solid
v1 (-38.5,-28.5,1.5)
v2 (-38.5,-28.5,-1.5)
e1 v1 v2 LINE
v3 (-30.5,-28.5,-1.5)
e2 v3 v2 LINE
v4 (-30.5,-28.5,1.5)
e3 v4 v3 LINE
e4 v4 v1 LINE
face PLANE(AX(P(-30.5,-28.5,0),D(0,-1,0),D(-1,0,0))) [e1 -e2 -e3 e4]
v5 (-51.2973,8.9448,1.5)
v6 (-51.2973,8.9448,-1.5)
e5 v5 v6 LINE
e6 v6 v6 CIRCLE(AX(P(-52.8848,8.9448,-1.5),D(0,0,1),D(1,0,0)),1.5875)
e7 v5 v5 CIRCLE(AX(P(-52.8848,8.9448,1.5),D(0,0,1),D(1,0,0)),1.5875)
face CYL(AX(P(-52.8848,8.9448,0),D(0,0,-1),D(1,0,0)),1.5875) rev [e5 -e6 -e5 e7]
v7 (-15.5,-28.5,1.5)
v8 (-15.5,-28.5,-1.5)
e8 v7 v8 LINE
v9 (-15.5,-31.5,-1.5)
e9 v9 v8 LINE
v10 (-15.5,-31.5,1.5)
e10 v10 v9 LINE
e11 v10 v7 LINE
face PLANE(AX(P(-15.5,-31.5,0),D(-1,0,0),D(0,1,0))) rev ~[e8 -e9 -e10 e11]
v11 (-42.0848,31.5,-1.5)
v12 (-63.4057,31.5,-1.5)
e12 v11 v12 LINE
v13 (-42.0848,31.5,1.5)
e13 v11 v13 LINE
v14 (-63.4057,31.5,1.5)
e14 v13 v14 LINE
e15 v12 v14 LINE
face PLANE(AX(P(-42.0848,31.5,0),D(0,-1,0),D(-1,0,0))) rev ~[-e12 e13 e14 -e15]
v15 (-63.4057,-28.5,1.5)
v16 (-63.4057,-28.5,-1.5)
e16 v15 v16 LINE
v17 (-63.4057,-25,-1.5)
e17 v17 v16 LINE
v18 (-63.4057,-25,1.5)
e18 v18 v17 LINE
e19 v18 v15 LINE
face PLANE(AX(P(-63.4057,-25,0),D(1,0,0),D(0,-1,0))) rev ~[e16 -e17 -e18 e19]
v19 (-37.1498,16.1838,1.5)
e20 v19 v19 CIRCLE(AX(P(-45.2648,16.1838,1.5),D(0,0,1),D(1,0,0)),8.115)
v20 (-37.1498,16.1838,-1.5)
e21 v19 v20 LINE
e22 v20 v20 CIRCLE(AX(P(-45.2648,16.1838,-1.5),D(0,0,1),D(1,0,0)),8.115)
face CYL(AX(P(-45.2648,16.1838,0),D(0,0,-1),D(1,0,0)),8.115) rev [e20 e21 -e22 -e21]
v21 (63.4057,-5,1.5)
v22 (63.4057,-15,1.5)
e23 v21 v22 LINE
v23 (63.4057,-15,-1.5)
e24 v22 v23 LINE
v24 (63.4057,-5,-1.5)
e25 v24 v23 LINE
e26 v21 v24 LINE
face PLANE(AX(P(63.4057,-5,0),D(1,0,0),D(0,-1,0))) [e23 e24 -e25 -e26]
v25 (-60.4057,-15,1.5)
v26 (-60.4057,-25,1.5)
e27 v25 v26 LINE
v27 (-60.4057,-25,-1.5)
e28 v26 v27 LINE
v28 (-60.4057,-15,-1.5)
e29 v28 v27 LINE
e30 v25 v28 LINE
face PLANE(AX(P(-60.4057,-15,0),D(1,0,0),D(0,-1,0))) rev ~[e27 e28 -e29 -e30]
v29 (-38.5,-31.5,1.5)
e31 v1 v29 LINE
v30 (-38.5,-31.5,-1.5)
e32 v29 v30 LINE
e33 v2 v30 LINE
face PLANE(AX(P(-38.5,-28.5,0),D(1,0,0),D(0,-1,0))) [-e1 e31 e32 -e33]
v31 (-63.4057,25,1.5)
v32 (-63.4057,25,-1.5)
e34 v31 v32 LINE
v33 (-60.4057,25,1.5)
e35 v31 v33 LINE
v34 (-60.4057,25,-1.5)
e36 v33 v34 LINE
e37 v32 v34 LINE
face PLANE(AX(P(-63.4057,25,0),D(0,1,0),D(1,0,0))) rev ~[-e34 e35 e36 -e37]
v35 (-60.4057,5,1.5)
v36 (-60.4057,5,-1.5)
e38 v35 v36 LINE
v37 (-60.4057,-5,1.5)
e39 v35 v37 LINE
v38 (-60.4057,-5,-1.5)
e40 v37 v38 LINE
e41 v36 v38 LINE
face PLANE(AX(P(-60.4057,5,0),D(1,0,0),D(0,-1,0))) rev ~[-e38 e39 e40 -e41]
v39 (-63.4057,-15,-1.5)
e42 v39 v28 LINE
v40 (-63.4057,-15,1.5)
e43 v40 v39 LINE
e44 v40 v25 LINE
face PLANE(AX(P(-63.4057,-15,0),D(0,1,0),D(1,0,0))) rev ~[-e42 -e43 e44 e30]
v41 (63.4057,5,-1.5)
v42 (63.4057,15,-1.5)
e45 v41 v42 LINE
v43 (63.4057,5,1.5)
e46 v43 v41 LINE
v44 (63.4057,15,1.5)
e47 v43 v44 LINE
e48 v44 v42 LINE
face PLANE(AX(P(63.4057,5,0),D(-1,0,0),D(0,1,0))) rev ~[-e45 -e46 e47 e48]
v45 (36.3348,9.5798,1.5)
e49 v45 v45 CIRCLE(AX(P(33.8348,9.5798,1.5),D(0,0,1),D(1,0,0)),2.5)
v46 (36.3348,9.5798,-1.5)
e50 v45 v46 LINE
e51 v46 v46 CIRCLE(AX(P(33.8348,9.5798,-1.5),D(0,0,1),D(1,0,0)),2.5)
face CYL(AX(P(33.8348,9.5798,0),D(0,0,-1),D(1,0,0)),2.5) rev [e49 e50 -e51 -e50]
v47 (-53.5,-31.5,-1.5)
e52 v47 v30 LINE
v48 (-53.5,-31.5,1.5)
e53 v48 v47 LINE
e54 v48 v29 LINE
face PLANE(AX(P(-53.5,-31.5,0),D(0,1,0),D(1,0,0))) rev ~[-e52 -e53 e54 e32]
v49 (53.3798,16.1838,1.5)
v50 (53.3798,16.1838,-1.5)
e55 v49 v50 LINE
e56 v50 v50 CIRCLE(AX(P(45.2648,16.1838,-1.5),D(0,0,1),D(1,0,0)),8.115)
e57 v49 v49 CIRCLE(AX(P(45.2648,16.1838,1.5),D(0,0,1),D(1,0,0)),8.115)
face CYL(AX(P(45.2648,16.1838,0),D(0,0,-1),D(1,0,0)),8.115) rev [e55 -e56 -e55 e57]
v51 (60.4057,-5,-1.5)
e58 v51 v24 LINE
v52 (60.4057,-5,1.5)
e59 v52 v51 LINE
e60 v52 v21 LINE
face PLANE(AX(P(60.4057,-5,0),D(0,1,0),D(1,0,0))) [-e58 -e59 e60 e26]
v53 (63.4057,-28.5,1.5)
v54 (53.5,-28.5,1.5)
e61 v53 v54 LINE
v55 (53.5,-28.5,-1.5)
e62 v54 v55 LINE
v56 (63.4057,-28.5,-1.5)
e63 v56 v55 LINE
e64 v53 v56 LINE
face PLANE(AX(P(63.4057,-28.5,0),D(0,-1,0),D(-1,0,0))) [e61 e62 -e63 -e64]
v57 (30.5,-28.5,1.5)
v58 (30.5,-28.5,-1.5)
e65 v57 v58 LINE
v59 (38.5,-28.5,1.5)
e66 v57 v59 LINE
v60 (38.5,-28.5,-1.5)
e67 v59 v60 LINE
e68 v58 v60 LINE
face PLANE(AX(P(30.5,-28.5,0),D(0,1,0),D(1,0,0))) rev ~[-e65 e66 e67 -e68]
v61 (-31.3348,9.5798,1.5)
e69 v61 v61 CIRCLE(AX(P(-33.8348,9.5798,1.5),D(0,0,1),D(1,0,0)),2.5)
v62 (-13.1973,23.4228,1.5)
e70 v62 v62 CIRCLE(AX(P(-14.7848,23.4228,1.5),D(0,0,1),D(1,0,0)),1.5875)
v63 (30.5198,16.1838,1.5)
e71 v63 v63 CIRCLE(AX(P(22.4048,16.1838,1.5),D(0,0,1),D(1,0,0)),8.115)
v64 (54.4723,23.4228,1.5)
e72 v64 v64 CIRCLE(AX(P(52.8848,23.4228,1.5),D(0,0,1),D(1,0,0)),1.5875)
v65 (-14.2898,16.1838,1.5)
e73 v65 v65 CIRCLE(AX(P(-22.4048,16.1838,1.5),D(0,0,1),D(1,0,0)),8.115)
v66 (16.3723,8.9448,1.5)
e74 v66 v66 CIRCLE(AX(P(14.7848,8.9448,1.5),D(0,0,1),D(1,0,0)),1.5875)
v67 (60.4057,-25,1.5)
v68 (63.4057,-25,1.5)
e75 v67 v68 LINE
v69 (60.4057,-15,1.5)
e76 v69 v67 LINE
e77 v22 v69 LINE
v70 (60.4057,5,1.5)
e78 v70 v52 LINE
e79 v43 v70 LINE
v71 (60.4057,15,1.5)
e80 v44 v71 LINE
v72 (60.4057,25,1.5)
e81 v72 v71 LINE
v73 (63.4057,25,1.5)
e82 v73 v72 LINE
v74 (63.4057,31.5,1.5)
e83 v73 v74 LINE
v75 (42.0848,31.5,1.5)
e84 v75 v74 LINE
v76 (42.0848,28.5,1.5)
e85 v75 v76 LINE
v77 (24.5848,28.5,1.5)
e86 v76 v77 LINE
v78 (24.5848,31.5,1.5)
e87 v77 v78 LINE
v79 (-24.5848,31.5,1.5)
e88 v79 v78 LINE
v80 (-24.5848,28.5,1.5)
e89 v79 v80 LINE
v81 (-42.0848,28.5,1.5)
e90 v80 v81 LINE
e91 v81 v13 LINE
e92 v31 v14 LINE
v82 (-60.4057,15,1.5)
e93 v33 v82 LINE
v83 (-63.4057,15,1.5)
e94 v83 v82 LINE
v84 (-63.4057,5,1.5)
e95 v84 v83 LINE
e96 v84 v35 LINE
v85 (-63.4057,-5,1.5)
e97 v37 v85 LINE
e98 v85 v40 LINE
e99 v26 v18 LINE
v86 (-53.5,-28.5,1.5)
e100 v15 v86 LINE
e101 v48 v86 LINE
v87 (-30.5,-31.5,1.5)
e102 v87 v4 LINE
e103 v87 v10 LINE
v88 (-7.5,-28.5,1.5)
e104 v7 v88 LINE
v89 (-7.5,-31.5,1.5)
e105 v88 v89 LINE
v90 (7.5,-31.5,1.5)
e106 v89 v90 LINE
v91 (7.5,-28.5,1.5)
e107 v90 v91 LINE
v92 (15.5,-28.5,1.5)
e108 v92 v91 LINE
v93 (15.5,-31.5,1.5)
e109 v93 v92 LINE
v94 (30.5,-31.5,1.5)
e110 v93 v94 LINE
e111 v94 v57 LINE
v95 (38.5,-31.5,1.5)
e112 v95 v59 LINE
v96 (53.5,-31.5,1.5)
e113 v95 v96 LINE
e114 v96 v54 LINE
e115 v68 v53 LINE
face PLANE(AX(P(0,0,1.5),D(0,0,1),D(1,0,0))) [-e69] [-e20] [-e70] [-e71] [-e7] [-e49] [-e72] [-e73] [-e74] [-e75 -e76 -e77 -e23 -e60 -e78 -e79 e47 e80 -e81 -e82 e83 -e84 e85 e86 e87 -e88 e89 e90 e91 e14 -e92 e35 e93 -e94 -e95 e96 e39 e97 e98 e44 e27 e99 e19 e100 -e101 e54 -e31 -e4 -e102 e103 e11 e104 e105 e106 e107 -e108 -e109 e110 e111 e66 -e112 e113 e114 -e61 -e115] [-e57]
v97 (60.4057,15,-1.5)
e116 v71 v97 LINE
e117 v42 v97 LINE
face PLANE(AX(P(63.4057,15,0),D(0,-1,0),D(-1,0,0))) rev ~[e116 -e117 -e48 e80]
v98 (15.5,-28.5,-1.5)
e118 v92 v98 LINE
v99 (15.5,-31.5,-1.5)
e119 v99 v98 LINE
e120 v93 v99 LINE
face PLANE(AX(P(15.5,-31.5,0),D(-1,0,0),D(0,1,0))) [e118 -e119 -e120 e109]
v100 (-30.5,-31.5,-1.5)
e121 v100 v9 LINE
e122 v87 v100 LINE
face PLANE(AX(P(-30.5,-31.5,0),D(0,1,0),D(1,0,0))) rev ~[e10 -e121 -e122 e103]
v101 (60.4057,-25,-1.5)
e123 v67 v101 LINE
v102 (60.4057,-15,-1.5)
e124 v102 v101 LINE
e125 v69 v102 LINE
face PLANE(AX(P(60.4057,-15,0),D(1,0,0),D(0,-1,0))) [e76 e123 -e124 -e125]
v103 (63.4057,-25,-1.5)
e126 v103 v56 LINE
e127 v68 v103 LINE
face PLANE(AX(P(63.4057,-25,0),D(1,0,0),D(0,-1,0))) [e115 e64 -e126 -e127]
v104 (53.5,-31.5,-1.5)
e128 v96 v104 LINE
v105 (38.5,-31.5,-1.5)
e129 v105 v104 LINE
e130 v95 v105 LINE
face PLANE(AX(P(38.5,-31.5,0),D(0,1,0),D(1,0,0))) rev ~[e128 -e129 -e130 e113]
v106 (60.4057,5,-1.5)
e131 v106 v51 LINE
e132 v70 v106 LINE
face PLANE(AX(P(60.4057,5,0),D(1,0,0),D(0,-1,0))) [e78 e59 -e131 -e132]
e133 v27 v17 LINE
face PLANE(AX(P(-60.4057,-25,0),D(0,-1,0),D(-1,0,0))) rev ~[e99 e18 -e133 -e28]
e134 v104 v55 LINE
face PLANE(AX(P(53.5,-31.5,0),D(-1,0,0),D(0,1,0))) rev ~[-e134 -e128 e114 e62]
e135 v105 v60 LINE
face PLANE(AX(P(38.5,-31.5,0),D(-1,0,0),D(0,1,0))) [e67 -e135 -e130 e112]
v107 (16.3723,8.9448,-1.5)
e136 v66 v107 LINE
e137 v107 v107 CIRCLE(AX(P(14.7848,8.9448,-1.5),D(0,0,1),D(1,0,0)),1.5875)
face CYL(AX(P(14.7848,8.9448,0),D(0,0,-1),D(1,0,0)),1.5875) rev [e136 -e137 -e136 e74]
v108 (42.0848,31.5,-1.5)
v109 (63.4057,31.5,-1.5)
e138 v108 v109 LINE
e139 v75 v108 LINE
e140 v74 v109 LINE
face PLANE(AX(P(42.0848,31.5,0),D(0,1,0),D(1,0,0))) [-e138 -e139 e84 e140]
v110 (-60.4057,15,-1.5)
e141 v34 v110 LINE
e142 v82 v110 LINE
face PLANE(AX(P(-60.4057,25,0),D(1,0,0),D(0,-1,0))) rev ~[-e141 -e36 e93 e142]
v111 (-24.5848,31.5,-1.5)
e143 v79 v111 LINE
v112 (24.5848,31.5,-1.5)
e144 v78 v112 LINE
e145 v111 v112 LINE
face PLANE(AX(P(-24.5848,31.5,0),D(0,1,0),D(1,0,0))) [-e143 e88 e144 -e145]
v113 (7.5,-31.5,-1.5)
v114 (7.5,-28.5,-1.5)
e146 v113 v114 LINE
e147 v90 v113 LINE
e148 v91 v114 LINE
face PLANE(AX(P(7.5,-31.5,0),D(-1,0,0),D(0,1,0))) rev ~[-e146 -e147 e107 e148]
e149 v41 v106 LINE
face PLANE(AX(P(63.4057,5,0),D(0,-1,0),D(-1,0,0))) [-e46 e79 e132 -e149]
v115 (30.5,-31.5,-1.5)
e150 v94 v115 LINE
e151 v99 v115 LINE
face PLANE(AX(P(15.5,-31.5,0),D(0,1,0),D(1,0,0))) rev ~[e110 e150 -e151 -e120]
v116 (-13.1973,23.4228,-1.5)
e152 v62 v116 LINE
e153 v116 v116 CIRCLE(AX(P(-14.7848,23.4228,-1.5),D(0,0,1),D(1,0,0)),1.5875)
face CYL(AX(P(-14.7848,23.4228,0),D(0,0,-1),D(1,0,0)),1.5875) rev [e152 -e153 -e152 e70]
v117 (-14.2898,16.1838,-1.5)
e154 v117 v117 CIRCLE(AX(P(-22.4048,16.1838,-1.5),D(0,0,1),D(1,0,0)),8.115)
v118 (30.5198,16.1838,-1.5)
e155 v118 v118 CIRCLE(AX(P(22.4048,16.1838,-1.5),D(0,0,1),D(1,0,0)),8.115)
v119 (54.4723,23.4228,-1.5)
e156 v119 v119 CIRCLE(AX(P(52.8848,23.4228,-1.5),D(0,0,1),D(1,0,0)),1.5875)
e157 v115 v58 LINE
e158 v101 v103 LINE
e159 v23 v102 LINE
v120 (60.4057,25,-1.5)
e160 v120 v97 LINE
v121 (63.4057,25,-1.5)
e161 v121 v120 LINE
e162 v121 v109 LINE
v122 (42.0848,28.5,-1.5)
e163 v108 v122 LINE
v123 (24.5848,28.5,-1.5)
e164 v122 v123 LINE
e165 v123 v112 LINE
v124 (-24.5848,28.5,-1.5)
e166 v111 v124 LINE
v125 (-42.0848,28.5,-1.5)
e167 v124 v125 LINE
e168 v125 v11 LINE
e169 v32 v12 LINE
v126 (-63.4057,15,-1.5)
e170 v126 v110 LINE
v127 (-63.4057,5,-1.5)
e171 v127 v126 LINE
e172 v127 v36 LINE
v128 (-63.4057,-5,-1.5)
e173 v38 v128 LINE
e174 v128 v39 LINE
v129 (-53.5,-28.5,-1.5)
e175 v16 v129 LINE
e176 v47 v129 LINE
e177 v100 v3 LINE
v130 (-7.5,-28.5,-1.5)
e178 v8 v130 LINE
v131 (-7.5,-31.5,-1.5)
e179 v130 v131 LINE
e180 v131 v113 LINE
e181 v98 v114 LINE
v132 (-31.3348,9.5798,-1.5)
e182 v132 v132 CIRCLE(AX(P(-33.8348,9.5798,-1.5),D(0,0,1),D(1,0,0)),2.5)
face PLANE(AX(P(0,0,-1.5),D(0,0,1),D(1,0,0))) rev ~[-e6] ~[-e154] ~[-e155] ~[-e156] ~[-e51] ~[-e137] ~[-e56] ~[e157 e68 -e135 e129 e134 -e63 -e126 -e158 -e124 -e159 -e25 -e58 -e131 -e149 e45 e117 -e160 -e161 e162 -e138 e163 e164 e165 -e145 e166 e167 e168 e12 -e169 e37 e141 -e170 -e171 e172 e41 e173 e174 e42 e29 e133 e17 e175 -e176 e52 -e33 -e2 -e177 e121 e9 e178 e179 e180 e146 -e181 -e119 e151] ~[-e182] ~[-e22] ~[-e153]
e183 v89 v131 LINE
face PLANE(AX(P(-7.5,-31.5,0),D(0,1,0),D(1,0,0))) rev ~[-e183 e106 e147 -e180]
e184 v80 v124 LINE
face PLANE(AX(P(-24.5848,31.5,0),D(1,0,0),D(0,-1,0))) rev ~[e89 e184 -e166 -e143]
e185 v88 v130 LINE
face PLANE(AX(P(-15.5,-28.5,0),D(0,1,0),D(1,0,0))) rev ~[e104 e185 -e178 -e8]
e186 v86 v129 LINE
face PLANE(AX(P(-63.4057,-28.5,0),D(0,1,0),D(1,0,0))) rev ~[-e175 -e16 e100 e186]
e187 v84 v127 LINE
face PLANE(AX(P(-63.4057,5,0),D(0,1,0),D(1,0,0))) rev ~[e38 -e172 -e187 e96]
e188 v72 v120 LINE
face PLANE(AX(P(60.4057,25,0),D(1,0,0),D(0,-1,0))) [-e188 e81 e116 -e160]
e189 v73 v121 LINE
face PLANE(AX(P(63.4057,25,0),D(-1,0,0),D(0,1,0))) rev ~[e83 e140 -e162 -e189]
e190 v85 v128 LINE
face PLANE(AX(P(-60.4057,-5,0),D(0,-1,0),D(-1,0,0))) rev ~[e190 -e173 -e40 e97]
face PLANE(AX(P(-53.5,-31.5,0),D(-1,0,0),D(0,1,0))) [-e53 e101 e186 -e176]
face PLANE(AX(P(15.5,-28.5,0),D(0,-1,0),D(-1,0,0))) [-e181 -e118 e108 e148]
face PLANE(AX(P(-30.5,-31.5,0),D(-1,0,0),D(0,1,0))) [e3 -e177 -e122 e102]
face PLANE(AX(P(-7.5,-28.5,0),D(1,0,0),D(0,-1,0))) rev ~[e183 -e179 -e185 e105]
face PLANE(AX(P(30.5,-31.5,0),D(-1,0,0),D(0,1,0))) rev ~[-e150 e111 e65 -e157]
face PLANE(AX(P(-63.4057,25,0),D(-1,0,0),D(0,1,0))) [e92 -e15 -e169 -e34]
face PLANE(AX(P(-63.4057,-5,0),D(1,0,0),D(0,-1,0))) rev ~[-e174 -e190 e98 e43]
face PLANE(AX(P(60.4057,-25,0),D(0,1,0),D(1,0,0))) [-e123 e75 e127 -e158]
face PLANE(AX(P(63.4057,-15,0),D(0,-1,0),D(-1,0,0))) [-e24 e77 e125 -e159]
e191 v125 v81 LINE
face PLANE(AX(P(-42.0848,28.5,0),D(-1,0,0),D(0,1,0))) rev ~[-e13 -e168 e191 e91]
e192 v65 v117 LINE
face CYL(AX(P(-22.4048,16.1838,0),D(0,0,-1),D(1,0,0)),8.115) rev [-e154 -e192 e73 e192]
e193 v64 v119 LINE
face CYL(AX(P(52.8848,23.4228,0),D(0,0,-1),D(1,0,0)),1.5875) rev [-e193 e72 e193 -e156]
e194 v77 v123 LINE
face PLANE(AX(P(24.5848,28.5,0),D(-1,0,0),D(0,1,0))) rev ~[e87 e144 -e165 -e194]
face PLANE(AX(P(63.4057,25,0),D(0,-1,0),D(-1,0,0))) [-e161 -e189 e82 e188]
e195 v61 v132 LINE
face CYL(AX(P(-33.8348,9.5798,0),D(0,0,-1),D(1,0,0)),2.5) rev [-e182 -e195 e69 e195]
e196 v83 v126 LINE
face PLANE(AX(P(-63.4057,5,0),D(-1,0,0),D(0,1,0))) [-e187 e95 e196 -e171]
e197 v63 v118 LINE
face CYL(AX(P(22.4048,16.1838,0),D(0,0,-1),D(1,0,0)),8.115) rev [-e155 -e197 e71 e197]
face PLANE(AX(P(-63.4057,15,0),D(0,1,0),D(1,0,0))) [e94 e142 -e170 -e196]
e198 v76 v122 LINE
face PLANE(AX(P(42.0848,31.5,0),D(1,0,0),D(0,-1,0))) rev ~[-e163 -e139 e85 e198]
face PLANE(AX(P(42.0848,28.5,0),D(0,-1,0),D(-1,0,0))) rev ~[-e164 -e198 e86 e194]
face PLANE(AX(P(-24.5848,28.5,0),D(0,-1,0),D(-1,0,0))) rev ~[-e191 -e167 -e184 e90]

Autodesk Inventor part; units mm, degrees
ref_plane "YZ Plane" through (0, 0, 0) normal (1, 0, 0) x (0, 1, 0)
ref_plane "XZ Plane" through (0, 0, 0) normal (0, 1, 0) x (-1, 0, 0)
ref_plane "XY Plane" through (0, 0, 0) normal (0, 0, 1) x (1, 0, 0)
sketch "Sketch1" plane through (0, 0, 0) normal (0, 0, 1) x (1, 0, 0)
  line L0 (-42.0848, 28.5) -> (-42.0848, 31.5)
  line L1 (-24.5848, 28.5) -> (-42.0848, 28.5)
  line L2 (-24.5848, 31.5) -> (-24.5848, 28.5)
  line L3 (-24.5848, 31.5) -> (24.5848, 31.5)
  line L4 (24.5848, 28.5) -> (24.5848, 31.5)
  line L5 (42.0848, 28.5) -> (24.5848, 28.5)
  line L6 (42.0848, 31.5) -> (42.0848, 28.5)
  circle A0 centre (-45.2648, 16.1838) radius 8.115
  circle A1 centre (-22.4048, 16.1838) radius 8.115
  circle A2 centre (-14.7848, 23.4228) radius 1.5875
  circle A3 centre (-52.8848, 8.9448) radius 1.5875
  circle A4 centre (-33.8348, 9.5798) radius 2.5
  circle A5 centre (14.7848, 8.9448) radius 1.5875
  circle A6 centre (22.4048, 16.1838) radius 8.115
  circle A7 centre (33.8348, 9.5798) radius 2.5
  circle A8 centre (45.2648, 16.1838) radius 8.115
  circle A9 centre (52.8848, 23.4228) radius 1.5875
  line L7 (-60.406, 31.5) -> (60.406, -31.5) construction
  line L8 (60.406, 31.5) -> (-60.406, -31.5) construction
  line L9 (-7.5, -31.5) -> (7.5, -31.5)
  line L10 (7.5, -31.5) -> (7.5, -28.5)
  line L11 (-7.5, -28.5) -> (-7.5, -31.5)
  line L12 (-7.5, -31.5) -> (7.5, -28.5) construction
  line L13 (7.5, -31.5) -> (-7.5, -28.5) construction
  line L14 (0, 0) -> (13.8, 0) construction
  line L15 (13.8, 0) -> (13.8, 4) construction
  line L16 (-30.5, -31.5) -> (-15.5, -31.5)
  line L17 (-53.5, -31.5) -> (-38.5, -31.5)
  line L18 (15.5, -31.5) -> (30.5, -31.5)
  line L19 (-7.5, -31.5) -> (7.5, -31.5)
  line L20 (-30.5, -31.5) -> (-15.5, -31.5)
  line L21 (38.5, -31.5) -> (53.5, -31.5)
  line L22 (15.5, -31.5) -> (30.5, -31.5)
  line L23 (-7.5, -31.5) -> (7.5, -31.5)
  line L24 (-15.5, -31.5) -> (-15.5, -28.5)
  line L25 (-15.5, -28.5) -> (-7.5, -28.5)
  line L26 (-30.5, -31.5) -> (-30.5, -28.5)
  line L27 (-30.5, -28.5) -> (-38.5, -28.5)
  line L28 (-38.5, -28.5) -> (-38.5, -31.5)
  line L29 (-53.5, -31.5) -> (-53.5, -28.5)
  line L30 (15.5, -31.5) -> (15.5, -28.5)
  line L31 (15.5, -28.5) -> (7.5, -28.5)
  line L32 (30.5, -31.5) -> (30.5, -28.5)
  line L33 (30.5, -28.5) -> (38.5, -28.5)
  line L34 (38.5, -31.5) -> (38.5, -28.5)
  line L35 (53.5, -31.5) -> (53.5, -28.5)
  line L36 (-60.4057, -31.5) -> (-60.4057, -31.4998)
  line L37 (-63.4057, 5) -> (-63.4057, 15)
  line L38 (-63.4057, -5) -> (-63.4057, -15)
  line L39 (-63.4057, -25) -> (-63.4057, -28.5)
  line L40 (-63.4057, 25) -> (-63.4057, 31.5)
  line L41 (-42.0848, 31.5) -> (-63.4057, 31.5)
  line L42 (-63.4057, 25) -> (-60.4057, 25)
  line L43 (-60.4057, 25) -> (-60.4057, 15)
  line L44 (-63.4057, 15) -> (-60.4057, 15)
  line L45 (-63.4057, 5) -> (-60.4057, 5)
  line L46 (-60.4057, 5) -> (-60.4057, -5)
  line L47 (-60.4057, -5) -> (-63.4057, -5)
  line L48 (-63.4057, -15) -> (-60.4057, -15)
  line L49 (-60.4057, -15) -> (-60.4057, -25)
  line L50 (-60.4057, -25) -> (-63.4057, -25)
  line L51 (-63.4057, -28.5) -> (-53.5, -28.5)
  line L52 (0, 0) -> (0, 18) construction
  line L53 (60.4057, -31.5) -> (60.4057, -31.4998)
  line L54 (63.4057, 5) -> (63.4057, 15)
  line L55 (63.4057, -5) -> (63.4057, -15)
  line L56 (63.4057, -25) -> (63.4057, -28.5)
  line L57 (63.4057, 25) -> (63.4057, 31.5)
  line L58 (42.0848, 31.5) -> (63.4057, 31.5)
  line L59 (63.4057, 25) -> (60.4057, 25)
  line L60 (60.4057, 25) -> (60.4057, 15)
  line L61 (63.4057, 15) -> (60.4057, 15)
  line L62 (63.4057, 5) -> (60.4057, 5)
  line L63 (60.4057, 5) -> (60.4057, -5)
  line L64 (60.4057, -5) -> (63.4057, -5)
  line L65 (63.4057, -15) -> (60.4057, -15)
  line L66 (60.4057, -15) -> (60.4057, -25)
  line L67 (60.4057, -25) -> (63.4057, -25)
  line L68 (63.4057, -28.5) -> (53.5, -28.5)
  point P0 (0, 0)
  point P1 (0, -30)
  dimension "d0" = 15
  dimension "d1" = 3
  dimension "d5" = 23
  dimension "d8" = 23
  dimension "d11" = 3
  dimension "d12" = 3
  dimension "d13" = 90
  dimension "d14" = 3
  dimension "d17" = 3
  dimension "d18" = 10
  dimension "d20" = 10
extrude "Extrusion1" add sketch "Sketch1" along normal mid plane 3
properties part number "srfbelakang"
